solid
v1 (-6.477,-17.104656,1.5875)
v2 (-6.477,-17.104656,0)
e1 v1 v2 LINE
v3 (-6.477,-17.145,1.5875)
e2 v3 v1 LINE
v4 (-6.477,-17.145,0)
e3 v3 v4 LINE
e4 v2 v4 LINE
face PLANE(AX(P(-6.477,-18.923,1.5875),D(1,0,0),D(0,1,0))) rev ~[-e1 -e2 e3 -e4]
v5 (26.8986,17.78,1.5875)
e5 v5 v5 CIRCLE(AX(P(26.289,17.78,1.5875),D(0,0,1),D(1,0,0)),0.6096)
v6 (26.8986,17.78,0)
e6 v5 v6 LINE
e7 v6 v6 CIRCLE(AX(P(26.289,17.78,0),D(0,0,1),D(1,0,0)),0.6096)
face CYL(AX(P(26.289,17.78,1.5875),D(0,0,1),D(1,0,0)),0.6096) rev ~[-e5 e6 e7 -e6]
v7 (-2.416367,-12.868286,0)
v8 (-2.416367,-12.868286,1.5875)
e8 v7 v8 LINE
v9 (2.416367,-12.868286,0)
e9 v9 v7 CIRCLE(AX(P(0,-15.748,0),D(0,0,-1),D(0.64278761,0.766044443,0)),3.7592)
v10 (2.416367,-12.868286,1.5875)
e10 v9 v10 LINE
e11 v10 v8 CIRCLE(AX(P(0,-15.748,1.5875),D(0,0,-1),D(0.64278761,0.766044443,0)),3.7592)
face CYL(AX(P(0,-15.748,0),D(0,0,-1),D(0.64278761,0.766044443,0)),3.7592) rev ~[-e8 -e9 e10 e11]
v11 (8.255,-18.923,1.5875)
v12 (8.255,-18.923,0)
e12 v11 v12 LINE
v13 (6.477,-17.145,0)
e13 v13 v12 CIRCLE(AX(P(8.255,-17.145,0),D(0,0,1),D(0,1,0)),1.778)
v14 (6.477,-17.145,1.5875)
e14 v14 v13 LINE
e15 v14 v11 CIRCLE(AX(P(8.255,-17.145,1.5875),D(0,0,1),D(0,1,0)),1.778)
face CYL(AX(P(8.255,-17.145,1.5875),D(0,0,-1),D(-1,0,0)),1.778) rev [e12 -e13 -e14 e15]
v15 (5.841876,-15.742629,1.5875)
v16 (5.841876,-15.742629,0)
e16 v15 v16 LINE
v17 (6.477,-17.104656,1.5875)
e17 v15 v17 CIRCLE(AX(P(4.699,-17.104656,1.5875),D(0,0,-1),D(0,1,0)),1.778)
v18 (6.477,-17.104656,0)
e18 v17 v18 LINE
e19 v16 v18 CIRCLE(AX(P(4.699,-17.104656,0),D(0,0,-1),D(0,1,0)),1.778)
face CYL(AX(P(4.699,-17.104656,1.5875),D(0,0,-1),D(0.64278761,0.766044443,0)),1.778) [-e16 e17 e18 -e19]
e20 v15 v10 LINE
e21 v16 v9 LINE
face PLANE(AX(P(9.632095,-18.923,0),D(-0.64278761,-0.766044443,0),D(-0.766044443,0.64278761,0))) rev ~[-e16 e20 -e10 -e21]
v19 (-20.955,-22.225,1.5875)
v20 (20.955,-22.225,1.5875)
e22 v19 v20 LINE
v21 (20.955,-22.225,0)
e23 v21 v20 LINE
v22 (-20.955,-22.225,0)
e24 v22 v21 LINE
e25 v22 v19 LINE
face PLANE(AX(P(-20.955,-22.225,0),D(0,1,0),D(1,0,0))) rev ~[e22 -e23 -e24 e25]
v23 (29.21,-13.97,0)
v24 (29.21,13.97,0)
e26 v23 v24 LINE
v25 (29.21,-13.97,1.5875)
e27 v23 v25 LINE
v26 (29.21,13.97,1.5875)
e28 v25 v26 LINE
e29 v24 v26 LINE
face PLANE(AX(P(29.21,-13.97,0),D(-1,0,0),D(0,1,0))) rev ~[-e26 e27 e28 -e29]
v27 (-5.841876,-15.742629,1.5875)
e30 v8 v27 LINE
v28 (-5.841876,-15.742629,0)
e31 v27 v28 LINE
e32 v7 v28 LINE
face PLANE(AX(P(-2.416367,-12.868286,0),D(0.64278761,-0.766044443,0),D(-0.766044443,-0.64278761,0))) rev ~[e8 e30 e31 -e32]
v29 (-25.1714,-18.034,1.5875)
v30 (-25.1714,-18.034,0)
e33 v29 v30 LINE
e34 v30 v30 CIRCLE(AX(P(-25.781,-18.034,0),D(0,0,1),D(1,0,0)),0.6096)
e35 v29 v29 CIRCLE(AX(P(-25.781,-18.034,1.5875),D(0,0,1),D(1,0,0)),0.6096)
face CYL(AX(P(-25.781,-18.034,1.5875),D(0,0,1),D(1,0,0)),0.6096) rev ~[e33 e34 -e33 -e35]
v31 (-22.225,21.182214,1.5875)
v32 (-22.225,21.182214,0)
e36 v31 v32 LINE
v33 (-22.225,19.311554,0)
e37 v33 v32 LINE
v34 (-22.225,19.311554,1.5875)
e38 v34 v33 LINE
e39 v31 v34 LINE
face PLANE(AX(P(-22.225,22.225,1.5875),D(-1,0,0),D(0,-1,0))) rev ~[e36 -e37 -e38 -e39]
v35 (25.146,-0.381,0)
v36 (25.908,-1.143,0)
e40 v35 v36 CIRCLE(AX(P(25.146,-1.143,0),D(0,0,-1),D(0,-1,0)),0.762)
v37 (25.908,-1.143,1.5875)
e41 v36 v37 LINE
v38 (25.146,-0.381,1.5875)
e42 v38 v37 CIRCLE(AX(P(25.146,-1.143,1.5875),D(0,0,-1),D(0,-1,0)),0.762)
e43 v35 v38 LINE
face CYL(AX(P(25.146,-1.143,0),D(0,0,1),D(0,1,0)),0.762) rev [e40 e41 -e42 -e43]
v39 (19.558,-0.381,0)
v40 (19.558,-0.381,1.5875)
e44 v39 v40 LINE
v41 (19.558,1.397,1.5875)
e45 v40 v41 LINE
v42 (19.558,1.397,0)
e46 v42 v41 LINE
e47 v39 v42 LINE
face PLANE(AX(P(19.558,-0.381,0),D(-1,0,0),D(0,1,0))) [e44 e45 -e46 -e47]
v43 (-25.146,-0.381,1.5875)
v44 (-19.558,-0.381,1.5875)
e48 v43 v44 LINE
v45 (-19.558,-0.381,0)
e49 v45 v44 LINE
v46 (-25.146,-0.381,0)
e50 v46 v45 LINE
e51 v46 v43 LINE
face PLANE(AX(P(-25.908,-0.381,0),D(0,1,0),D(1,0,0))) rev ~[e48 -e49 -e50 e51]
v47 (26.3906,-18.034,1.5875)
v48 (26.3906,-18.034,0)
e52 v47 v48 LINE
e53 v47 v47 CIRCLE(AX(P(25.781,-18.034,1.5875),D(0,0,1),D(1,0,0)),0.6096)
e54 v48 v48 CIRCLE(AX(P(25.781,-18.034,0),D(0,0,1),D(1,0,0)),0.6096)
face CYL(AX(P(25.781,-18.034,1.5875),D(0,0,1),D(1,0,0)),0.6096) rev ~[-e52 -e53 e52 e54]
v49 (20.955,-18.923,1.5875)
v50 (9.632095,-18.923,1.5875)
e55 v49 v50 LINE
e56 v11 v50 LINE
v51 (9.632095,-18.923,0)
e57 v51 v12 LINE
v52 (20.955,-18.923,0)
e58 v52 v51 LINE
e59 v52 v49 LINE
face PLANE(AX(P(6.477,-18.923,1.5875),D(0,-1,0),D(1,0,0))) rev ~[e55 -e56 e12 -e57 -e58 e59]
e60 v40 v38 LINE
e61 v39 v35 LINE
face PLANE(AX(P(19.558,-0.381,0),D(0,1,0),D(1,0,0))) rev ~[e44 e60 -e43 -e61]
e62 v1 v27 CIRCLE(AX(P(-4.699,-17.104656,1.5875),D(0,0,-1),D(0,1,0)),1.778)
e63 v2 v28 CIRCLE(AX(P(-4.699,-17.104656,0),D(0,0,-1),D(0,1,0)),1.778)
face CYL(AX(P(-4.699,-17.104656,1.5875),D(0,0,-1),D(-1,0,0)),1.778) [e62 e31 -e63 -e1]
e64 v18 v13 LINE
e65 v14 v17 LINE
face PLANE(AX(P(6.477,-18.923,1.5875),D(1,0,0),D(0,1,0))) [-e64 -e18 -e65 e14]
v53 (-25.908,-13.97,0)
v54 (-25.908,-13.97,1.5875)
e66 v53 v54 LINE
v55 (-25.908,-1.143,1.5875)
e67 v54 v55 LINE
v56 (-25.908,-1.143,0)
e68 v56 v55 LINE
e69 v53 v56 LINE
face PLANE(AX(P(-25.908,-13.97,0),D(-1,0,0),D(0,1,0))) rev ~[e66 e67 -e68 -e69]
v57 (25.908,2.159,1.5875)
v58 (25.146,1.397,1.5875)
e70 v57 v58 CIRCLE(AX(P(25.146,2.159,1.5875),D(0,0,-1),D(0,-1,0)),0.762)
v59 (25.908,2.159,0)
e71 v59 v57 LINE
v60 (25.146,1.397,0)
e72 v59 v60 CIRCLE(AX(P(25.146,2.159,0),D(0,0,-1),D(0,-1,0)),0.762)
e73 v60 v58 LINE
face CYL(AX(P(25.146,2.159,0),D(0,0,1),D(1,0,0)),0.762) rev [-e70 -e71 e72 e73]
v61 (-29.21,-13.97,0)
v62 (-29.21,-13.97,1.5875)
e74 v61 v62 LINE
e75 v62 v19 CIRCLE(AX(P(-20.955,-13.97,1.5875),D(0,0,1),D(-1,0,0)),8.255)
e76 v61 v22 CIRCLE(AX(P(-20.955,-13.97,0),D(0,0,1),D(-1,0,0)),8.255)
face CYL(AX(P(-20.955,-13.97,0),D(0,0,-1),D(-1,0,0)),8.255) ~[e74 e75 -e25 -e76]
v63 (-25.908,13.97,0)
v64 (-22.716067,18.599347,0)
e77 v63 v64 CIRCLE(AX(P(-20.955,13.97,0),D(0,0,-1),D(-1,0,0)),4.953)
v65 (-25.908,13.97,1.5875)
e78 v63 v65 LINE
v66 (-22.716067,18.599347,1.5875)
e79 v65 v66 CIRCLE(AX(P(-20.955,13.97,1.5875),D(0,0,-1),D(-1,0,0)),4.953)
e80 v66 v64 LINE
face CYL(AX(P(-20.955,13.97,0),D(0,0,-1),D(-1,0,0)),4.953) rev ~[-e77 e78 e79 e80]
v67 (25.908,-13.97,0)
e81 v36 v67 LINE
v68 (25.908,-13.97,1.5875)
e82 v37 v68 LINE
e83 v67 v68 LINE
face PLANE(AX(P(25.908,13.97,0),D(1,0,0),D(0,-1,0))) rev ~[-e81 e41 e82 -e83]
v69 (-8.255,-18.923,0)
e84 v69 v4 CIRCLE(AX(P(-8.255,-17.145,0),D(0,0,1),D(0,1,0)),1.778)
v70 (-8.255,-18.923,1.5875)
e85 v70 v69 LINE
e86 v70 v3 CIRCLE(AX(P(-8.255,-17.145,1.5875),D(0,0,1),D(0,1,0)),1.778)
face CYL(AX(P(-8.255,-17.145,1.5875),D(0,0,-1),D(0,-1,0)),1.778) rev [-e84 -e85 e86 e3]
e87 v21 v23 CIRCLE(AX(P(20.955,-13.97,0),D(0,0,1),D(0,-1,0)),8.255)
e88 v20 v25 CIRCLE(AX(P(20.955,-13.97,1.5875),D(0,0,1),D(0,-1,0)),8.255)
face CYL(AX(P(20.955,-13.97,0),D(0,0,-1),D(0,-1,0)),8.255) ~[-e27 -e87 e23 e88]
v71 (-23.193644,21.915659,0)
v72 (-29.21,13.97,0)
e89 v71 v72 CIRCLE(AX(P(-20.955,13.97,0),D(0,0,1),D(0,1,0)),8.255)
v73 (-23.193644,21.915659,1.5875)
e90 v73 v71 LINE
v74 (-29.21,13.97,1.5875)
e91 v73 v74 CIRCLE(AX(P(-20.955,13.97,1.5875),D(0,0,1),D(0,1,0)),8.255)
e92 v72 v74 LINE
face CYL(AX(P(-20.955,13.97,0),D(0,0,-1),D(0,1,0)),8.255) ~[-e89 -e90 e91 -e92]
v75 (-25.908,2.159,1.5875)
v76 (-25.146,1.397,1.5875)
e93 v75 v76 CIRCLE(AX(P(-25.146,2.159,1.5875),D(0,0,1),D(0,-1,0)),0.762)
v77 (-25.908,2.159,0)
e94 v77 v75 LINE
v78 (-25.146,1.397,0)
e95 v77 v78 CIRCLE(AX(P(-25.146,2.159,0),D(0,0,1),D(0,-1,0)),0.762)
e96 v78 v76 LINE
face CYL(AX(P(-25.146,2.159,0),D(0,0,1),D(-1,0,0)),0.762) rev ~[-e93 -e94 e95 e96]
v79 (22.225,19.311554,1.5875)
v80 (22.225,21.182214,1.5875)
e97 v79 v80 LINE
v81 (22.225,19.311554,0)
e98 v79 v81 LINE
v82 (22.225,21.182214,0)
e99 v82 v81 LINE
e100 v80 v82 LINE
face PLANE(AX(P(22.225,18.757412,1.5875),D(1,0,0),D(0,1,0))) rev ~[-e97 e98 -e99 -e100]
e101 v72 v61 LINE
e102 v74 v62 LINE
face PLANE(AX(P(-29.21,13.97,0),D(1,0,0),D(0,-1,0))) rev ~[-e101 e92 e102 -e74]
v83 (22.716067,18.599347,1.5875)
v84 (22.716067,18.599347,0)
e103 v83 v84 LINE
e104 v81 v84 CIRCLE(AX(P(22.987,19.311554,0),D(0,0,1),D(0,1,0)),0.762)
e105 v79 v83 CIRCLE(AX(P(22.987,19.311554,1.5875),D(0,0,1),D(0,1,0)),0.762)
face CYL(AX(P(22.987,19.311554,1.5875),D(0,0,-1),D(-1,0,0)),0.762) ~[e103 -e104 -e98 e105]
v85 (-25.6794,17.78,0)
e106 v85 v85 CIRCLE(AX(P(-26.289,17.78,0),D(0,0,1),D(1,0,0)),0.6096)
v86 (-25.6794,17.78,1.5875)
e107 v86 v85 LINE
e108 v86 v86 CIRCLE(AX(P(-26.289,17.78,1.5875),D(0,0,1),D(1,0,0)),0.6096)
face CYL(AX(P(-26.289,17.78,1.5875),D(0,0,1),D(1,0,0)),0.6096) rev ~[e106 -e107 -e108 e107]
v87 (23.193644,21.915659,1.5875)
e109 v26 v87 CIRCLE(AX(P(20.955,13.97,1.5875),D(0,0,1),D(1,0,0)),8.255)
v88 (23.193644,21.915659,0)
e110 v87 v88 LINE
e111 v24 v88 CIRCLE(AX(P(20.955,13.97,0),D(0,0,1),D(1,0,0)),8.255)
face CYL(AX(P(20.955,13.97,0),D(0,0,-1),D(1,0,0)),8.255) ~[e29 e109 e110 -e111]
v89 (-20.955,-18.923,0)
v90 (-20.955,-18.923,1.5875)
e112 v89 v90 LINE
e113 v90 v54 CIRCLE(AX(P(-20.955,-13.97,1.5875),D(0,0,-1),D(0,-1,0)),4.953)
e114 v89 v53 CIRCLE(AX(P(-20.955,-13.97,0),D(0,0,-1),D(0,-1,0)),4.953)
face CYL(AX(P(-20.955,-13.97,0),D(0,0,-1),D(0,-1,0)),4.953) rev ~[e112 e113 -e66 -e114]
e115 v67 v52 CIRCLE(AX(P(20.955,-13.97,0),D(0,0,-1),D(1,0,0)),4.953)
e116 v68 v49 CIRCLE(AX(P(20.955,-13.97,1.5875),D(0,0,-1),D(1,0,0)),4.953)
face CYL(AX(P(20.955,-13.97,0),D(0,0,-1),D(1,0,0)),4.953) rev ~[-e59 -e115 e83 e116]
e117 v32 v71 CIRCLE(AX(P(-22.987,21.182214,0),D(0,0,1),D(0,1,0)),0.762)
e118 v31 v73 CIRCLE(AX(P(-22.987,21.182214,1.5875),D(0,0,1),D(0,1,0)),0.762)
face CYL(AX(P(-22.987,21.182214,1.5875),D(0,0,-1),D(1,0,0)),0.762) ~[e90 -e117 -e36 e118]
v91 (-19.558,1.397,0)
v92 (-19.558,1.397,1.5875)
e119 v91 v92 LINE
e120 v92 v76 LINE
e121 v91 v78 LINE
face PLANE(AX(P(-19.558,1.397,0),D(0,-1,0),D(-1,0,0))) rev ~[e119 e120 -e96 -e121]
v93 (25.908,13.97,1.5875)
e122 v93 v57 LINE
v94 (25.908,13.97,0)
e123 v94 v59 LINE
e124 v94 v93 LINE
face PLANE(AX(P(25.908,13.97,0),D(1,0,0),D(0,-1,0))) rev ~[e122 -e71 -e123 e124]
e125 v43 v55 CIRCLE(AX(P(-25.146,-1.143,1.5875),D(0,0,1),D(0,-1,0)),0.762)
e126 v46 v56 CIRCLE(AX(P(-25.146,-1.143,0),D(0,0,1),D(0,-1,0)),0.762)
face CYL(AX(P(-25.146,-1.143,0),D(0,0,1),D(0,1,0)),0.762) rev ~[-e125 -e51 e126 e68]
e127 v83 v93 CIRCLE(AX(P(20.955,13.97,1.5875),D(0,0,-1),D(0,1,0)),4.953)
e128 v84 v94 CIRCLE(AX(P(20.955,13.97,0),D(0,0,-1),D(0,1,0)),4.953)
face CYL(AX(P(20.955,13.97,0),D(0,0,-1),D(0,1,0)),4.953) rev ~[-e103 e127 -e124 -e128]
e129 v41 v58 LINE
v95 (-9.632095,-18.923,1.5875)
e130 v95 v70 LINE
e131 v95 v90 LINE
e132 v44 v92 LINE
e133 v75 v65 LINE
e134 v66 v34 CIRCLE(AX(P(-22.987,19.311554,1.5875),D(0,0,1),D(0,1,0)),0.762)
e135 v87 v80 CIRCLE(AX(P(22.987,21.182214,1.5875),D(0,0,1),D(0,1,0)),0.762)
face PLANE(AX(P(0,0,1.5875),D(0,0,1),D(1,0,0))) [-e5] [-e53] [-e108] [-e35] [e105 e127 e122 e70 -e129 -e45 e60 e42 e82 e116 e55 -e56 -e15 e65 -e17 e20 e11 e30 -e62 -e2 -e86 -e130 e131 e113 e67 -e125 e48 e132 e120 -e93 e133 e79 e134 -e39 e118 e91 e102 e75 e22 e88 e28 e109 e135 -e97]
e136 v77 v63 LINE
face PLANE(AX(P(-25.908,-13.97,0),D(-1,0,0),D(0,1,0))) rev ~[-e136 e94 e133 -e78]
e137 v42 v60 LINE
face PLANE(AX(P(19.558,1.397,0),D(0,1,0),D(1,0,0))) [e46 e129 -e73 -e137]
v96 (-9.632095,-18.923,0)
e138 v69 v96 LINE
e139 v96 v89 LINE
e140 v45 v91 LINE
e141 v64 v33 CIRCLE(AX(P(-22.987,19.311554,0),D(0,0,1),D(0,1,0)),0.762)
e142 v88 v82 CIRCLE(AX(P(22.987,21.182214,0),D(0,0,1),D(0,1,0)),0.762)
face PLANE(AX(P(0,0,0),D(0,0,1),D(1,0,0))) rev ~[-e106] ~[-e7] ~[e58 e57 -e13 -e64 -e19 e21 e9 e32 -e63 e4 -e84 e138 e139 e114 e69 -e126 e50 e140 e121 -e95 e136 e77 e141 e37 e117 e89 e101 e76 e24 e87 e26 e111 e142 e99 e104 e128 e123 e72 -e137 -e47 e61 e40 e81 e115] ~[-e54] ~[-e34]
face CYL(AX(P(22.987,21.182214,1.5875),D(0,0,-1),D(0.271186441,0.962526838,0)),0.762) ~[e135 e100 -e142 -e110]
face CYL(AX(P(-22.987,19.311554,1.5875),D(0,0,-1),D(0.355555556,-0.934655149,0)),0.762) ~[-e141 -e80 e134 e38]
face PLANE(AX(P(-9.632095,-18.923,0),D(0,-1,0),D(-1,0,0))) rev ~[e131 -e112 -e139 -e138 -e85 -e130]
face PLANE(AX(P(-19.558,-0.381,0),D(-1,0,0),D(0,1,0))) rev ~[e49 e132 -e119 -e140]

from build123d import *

# Parameters (mm, degrees)
SKETCH1_W           = 6.35
SKETCH1_H           = 1.778
BOSS_EXTRUDE1_DEPTH = 1.5875
CUT_EXTRUDE1_REACH  = 38.738
SKETCH2_W           = 3.155094666
SKETCH2_H           = 2.647438771
FILLET1_R           = 1.778
FILLET2_R           = 0.762
FILLET3_R           = 0.762
SKETCH3_R           = 0.6096
CUT_EXTRUDE2_DEPTH  = 1.5875


with BuildPart() as part:
    # Sketch1 → Boss-Extrude1 (new body)
    # profile 1 of 3: a face of its own
    with BuildSketch(Plane.XY):
        with BuildLine():
            ThreePointArc((29.21, 13.97), (26.792166479, 19.807166479), (20.955, 22.225))
            Line((20.955, 22.225), (-20.955, 22.225))
            ThreePointArc((-20.955, 22.225), (-26.792166479, 19.807166479), (-29.21, 13.97))
            Line((-29.21, 13.97), (-29.21, -13.97))
            ThreePointArc((-29.21, -13.97), (-26.792166479, -19.807166479), (-20.955, -22.225))
            Line((-20.955, -22.225), (20.955, -22.225))
            ThreePointArc((20.955, -22.225), (26.792166479, -19.807166479), (29.21, -13.97))
            Line((29.21, -13.97), (29.21, 13.97))
        make_face()
        with BuildLine():
            Line((-9.632094666, -18.923), (-20.955, -18.923))
            ThreePointArc((-20.955, -18.923), (-24.457299887, -17.472299887), (-25.908, -13.97))
            Line((-25.908, -13.97), (-25.908, -1.27))
            Line((-25.908, -1.27), (-25.908, -0.381))
            Line((-25.908, -0.381), (-25.908, 0))
            Line((-25.908, 0), (-25.908, 1.397))
            Line((-25.908, 1.397), (-25.908, 13.97))
            ThreePointArc((-25.908, 13.97), (-24.457299887, 17.472299887), (-20.955, 18.923))
            Line((-20.955, 18.923), (20.955, 18.923))
            ThreePointArc((20.955, 18.923), (24.457299887, 17.472299887), (25.908, 13.97))
            Line((25.908, 13.97), (25.908, 1.397))
            Line((25.908, 1.397), (25.908, -0.381))
            Line((25.908, -0.381), (25.908, -13.97))
            ThreePointArc((25.908, -13.97), (24.457299887, -17.472299887), (20.955, -18.923))
            Line((20.955, -18.923), (9.632094666, -18.923))
            Line((9.632094666, -18.923), (2.416367182, -12.868285729))
            ThreePointArc((2.416367182, -12.868285729), (0, -19.5072), (-2.416367182, -12.868285729))
            Line((-2.416367182, -12.868285729), (-9.632094666, -18.923))
        make_face(mode=Mode.SUBTRACT)
    # profile 2 of 3: a face of its own
    with BuildSketch(Plane.XY):
        with Locations((22.733, 0.508)):
            Rectangle(SKETCH1_W, SKETCH1_H)
    # profile 3 of 3: a face of its own
    with BuildSketch(Plane.XY):
        Polygon((-25.908, 0), (-25.908, -0.381), (-19.558, -0.381), (-19.558, 1.397), (-25.908, 1.397), align=None)
    extrude(amount=BOSS_EXTRUDE1_DEPTH)

    # Sketch2 → Cut-Extrude1 (cut, up to next)
    with BuildSketch(Plane.XY.offset(1.5875), mode=Mode.PRIVATE) as cut_extrude1_sk1:
        with Locations((-8.054547333, -17.599280615)):
            Rectangle(SKETCH2_W, SKETCH2_H)
    cut_extrude1_tool1 = extrude(cut_extrude1_sk1.sketch, amount=-CUT_EXTRUDE1_REACH, mode=Mode.PRIVATE) & part.part
    # Sketch2 → Cut-Extrude1 (cut, up to next)
    with BuildSketch(Plane.XY.offset(1.5875), mode=Mode.PRIVATE) as cut_extrude1_sk2:
        with Locations((8.054547333, -17.599280615)):
            Rectangle(SKETCH2_W, SKETCH2_H)
    cut_extrude1_tool2 = extrude(cut_extrude1_sk2.sketch, amount=-CUT_EXTRUDE1_REACH, mode=Mode.PRIVATE) & part.part
    # Sketch2 → Cut-Extrude1 (cut, up to next)
    with BuildSketch(Plane.XY.offset(1.5875), mode=Mode.PRIVATE) as cut_extrude1_sk3:
        with BuildLine():
            Line((-20.955, 18.923), (20.955, 18.923))
            ThreePointArc((20.955, 18.923), (21.595374802, 18.881428419), (22.225, 18.757411514))
            Line((22.225, 18.757411514), (22.225, 22.225))
            Line((22.225, 22.225), (-22.225, 22.225))
            Line((-22.225, 22.225), (-22.225, 18.757411514))
            ThreePointArc((-22.225, 18.757411514), (-21.595374802, 18.881428419), (-20.955, 18.923))
        make_face()
    cut_extrude1_tool3 = extrude(cut_extrude1_sk3.sketch, amount=-CUT_EXTRUDE1_REACH, mode=Mode.PRIVATE) & part.part
    add(cut_extrude1_tool1.solids().sort_by_distance((-8.054547, -17.599281, 1.5875))[0], mode=Mode.SUBTRACT)
    add(cut_extrude1_tool2.solids().sort_by_distance((8.054547, -17.599281, 1.5875))[0], mode=Mode.SUBTRACT)
    add(cut_extrude1_tool3.solids().sort_by_distance((0, 20.572388, 1.5875))[0], mode=Mode.SUBTRACT)

    # Fillet1
    fillet1_edges = [part.edges().sort_by_distance(p)[0] for p in [
        (-6.477, -18.923, 0.79375),
        (-6.477, -16.275561229, 0.79375),
        (6.477, -18.923, 0.79375),
        (6.477, -16.275561229, 0.79375),
    ]]
    fillet(fillet1_edges, radius=FILLET1_R)

    # Fillet2
    fillet2_edges = [part.edges().sort_by_distance(p)[0] for p in [
        (-22.225, 22.126722687, 0.79375),
        (-22.225, 18.757411514, 0.79375),
        (22.225, 18.757411514, 0.79375),
        (22.225, 22.126722687, 0.79375),
    ]]
    fillet(fillet2_edges, radius=FILLET2_R)

    # Fillet3
    fillet3_edges = [part.edges().sort_by_distance(p)[0] for p in [
        (25.908, -0.381, 0.79375),
        (25.908, 1.397, 0.79375),
        (-25.908, 1.397, 0.79375),
        (-25.908, -0.381, 0.79375),
    ]]
    fillet(fillet3_edges, radius=FILLET3_R)

    # Sketch3 → Cut-Extrude2 (cut)
    with BuildSketch(Plane.XY.offset(1.5875)):
        with Locations((-26.289, 17.78)):
            Circle(SKETCH3_R)
        with Locations((-25.781, -18.034)):
            Circle(SKETCH3_R)
        with Locations((26.289, 17.78)):
            Circle(SKETCH3_R)
        with Locations((25.781, -18.034)):
            Circle(SKETCH3_R)
    extrude(amount=-CUT_EXTRUDE2_DEPTH, mode=Mode.SUBTRACT)


solid = part.part
